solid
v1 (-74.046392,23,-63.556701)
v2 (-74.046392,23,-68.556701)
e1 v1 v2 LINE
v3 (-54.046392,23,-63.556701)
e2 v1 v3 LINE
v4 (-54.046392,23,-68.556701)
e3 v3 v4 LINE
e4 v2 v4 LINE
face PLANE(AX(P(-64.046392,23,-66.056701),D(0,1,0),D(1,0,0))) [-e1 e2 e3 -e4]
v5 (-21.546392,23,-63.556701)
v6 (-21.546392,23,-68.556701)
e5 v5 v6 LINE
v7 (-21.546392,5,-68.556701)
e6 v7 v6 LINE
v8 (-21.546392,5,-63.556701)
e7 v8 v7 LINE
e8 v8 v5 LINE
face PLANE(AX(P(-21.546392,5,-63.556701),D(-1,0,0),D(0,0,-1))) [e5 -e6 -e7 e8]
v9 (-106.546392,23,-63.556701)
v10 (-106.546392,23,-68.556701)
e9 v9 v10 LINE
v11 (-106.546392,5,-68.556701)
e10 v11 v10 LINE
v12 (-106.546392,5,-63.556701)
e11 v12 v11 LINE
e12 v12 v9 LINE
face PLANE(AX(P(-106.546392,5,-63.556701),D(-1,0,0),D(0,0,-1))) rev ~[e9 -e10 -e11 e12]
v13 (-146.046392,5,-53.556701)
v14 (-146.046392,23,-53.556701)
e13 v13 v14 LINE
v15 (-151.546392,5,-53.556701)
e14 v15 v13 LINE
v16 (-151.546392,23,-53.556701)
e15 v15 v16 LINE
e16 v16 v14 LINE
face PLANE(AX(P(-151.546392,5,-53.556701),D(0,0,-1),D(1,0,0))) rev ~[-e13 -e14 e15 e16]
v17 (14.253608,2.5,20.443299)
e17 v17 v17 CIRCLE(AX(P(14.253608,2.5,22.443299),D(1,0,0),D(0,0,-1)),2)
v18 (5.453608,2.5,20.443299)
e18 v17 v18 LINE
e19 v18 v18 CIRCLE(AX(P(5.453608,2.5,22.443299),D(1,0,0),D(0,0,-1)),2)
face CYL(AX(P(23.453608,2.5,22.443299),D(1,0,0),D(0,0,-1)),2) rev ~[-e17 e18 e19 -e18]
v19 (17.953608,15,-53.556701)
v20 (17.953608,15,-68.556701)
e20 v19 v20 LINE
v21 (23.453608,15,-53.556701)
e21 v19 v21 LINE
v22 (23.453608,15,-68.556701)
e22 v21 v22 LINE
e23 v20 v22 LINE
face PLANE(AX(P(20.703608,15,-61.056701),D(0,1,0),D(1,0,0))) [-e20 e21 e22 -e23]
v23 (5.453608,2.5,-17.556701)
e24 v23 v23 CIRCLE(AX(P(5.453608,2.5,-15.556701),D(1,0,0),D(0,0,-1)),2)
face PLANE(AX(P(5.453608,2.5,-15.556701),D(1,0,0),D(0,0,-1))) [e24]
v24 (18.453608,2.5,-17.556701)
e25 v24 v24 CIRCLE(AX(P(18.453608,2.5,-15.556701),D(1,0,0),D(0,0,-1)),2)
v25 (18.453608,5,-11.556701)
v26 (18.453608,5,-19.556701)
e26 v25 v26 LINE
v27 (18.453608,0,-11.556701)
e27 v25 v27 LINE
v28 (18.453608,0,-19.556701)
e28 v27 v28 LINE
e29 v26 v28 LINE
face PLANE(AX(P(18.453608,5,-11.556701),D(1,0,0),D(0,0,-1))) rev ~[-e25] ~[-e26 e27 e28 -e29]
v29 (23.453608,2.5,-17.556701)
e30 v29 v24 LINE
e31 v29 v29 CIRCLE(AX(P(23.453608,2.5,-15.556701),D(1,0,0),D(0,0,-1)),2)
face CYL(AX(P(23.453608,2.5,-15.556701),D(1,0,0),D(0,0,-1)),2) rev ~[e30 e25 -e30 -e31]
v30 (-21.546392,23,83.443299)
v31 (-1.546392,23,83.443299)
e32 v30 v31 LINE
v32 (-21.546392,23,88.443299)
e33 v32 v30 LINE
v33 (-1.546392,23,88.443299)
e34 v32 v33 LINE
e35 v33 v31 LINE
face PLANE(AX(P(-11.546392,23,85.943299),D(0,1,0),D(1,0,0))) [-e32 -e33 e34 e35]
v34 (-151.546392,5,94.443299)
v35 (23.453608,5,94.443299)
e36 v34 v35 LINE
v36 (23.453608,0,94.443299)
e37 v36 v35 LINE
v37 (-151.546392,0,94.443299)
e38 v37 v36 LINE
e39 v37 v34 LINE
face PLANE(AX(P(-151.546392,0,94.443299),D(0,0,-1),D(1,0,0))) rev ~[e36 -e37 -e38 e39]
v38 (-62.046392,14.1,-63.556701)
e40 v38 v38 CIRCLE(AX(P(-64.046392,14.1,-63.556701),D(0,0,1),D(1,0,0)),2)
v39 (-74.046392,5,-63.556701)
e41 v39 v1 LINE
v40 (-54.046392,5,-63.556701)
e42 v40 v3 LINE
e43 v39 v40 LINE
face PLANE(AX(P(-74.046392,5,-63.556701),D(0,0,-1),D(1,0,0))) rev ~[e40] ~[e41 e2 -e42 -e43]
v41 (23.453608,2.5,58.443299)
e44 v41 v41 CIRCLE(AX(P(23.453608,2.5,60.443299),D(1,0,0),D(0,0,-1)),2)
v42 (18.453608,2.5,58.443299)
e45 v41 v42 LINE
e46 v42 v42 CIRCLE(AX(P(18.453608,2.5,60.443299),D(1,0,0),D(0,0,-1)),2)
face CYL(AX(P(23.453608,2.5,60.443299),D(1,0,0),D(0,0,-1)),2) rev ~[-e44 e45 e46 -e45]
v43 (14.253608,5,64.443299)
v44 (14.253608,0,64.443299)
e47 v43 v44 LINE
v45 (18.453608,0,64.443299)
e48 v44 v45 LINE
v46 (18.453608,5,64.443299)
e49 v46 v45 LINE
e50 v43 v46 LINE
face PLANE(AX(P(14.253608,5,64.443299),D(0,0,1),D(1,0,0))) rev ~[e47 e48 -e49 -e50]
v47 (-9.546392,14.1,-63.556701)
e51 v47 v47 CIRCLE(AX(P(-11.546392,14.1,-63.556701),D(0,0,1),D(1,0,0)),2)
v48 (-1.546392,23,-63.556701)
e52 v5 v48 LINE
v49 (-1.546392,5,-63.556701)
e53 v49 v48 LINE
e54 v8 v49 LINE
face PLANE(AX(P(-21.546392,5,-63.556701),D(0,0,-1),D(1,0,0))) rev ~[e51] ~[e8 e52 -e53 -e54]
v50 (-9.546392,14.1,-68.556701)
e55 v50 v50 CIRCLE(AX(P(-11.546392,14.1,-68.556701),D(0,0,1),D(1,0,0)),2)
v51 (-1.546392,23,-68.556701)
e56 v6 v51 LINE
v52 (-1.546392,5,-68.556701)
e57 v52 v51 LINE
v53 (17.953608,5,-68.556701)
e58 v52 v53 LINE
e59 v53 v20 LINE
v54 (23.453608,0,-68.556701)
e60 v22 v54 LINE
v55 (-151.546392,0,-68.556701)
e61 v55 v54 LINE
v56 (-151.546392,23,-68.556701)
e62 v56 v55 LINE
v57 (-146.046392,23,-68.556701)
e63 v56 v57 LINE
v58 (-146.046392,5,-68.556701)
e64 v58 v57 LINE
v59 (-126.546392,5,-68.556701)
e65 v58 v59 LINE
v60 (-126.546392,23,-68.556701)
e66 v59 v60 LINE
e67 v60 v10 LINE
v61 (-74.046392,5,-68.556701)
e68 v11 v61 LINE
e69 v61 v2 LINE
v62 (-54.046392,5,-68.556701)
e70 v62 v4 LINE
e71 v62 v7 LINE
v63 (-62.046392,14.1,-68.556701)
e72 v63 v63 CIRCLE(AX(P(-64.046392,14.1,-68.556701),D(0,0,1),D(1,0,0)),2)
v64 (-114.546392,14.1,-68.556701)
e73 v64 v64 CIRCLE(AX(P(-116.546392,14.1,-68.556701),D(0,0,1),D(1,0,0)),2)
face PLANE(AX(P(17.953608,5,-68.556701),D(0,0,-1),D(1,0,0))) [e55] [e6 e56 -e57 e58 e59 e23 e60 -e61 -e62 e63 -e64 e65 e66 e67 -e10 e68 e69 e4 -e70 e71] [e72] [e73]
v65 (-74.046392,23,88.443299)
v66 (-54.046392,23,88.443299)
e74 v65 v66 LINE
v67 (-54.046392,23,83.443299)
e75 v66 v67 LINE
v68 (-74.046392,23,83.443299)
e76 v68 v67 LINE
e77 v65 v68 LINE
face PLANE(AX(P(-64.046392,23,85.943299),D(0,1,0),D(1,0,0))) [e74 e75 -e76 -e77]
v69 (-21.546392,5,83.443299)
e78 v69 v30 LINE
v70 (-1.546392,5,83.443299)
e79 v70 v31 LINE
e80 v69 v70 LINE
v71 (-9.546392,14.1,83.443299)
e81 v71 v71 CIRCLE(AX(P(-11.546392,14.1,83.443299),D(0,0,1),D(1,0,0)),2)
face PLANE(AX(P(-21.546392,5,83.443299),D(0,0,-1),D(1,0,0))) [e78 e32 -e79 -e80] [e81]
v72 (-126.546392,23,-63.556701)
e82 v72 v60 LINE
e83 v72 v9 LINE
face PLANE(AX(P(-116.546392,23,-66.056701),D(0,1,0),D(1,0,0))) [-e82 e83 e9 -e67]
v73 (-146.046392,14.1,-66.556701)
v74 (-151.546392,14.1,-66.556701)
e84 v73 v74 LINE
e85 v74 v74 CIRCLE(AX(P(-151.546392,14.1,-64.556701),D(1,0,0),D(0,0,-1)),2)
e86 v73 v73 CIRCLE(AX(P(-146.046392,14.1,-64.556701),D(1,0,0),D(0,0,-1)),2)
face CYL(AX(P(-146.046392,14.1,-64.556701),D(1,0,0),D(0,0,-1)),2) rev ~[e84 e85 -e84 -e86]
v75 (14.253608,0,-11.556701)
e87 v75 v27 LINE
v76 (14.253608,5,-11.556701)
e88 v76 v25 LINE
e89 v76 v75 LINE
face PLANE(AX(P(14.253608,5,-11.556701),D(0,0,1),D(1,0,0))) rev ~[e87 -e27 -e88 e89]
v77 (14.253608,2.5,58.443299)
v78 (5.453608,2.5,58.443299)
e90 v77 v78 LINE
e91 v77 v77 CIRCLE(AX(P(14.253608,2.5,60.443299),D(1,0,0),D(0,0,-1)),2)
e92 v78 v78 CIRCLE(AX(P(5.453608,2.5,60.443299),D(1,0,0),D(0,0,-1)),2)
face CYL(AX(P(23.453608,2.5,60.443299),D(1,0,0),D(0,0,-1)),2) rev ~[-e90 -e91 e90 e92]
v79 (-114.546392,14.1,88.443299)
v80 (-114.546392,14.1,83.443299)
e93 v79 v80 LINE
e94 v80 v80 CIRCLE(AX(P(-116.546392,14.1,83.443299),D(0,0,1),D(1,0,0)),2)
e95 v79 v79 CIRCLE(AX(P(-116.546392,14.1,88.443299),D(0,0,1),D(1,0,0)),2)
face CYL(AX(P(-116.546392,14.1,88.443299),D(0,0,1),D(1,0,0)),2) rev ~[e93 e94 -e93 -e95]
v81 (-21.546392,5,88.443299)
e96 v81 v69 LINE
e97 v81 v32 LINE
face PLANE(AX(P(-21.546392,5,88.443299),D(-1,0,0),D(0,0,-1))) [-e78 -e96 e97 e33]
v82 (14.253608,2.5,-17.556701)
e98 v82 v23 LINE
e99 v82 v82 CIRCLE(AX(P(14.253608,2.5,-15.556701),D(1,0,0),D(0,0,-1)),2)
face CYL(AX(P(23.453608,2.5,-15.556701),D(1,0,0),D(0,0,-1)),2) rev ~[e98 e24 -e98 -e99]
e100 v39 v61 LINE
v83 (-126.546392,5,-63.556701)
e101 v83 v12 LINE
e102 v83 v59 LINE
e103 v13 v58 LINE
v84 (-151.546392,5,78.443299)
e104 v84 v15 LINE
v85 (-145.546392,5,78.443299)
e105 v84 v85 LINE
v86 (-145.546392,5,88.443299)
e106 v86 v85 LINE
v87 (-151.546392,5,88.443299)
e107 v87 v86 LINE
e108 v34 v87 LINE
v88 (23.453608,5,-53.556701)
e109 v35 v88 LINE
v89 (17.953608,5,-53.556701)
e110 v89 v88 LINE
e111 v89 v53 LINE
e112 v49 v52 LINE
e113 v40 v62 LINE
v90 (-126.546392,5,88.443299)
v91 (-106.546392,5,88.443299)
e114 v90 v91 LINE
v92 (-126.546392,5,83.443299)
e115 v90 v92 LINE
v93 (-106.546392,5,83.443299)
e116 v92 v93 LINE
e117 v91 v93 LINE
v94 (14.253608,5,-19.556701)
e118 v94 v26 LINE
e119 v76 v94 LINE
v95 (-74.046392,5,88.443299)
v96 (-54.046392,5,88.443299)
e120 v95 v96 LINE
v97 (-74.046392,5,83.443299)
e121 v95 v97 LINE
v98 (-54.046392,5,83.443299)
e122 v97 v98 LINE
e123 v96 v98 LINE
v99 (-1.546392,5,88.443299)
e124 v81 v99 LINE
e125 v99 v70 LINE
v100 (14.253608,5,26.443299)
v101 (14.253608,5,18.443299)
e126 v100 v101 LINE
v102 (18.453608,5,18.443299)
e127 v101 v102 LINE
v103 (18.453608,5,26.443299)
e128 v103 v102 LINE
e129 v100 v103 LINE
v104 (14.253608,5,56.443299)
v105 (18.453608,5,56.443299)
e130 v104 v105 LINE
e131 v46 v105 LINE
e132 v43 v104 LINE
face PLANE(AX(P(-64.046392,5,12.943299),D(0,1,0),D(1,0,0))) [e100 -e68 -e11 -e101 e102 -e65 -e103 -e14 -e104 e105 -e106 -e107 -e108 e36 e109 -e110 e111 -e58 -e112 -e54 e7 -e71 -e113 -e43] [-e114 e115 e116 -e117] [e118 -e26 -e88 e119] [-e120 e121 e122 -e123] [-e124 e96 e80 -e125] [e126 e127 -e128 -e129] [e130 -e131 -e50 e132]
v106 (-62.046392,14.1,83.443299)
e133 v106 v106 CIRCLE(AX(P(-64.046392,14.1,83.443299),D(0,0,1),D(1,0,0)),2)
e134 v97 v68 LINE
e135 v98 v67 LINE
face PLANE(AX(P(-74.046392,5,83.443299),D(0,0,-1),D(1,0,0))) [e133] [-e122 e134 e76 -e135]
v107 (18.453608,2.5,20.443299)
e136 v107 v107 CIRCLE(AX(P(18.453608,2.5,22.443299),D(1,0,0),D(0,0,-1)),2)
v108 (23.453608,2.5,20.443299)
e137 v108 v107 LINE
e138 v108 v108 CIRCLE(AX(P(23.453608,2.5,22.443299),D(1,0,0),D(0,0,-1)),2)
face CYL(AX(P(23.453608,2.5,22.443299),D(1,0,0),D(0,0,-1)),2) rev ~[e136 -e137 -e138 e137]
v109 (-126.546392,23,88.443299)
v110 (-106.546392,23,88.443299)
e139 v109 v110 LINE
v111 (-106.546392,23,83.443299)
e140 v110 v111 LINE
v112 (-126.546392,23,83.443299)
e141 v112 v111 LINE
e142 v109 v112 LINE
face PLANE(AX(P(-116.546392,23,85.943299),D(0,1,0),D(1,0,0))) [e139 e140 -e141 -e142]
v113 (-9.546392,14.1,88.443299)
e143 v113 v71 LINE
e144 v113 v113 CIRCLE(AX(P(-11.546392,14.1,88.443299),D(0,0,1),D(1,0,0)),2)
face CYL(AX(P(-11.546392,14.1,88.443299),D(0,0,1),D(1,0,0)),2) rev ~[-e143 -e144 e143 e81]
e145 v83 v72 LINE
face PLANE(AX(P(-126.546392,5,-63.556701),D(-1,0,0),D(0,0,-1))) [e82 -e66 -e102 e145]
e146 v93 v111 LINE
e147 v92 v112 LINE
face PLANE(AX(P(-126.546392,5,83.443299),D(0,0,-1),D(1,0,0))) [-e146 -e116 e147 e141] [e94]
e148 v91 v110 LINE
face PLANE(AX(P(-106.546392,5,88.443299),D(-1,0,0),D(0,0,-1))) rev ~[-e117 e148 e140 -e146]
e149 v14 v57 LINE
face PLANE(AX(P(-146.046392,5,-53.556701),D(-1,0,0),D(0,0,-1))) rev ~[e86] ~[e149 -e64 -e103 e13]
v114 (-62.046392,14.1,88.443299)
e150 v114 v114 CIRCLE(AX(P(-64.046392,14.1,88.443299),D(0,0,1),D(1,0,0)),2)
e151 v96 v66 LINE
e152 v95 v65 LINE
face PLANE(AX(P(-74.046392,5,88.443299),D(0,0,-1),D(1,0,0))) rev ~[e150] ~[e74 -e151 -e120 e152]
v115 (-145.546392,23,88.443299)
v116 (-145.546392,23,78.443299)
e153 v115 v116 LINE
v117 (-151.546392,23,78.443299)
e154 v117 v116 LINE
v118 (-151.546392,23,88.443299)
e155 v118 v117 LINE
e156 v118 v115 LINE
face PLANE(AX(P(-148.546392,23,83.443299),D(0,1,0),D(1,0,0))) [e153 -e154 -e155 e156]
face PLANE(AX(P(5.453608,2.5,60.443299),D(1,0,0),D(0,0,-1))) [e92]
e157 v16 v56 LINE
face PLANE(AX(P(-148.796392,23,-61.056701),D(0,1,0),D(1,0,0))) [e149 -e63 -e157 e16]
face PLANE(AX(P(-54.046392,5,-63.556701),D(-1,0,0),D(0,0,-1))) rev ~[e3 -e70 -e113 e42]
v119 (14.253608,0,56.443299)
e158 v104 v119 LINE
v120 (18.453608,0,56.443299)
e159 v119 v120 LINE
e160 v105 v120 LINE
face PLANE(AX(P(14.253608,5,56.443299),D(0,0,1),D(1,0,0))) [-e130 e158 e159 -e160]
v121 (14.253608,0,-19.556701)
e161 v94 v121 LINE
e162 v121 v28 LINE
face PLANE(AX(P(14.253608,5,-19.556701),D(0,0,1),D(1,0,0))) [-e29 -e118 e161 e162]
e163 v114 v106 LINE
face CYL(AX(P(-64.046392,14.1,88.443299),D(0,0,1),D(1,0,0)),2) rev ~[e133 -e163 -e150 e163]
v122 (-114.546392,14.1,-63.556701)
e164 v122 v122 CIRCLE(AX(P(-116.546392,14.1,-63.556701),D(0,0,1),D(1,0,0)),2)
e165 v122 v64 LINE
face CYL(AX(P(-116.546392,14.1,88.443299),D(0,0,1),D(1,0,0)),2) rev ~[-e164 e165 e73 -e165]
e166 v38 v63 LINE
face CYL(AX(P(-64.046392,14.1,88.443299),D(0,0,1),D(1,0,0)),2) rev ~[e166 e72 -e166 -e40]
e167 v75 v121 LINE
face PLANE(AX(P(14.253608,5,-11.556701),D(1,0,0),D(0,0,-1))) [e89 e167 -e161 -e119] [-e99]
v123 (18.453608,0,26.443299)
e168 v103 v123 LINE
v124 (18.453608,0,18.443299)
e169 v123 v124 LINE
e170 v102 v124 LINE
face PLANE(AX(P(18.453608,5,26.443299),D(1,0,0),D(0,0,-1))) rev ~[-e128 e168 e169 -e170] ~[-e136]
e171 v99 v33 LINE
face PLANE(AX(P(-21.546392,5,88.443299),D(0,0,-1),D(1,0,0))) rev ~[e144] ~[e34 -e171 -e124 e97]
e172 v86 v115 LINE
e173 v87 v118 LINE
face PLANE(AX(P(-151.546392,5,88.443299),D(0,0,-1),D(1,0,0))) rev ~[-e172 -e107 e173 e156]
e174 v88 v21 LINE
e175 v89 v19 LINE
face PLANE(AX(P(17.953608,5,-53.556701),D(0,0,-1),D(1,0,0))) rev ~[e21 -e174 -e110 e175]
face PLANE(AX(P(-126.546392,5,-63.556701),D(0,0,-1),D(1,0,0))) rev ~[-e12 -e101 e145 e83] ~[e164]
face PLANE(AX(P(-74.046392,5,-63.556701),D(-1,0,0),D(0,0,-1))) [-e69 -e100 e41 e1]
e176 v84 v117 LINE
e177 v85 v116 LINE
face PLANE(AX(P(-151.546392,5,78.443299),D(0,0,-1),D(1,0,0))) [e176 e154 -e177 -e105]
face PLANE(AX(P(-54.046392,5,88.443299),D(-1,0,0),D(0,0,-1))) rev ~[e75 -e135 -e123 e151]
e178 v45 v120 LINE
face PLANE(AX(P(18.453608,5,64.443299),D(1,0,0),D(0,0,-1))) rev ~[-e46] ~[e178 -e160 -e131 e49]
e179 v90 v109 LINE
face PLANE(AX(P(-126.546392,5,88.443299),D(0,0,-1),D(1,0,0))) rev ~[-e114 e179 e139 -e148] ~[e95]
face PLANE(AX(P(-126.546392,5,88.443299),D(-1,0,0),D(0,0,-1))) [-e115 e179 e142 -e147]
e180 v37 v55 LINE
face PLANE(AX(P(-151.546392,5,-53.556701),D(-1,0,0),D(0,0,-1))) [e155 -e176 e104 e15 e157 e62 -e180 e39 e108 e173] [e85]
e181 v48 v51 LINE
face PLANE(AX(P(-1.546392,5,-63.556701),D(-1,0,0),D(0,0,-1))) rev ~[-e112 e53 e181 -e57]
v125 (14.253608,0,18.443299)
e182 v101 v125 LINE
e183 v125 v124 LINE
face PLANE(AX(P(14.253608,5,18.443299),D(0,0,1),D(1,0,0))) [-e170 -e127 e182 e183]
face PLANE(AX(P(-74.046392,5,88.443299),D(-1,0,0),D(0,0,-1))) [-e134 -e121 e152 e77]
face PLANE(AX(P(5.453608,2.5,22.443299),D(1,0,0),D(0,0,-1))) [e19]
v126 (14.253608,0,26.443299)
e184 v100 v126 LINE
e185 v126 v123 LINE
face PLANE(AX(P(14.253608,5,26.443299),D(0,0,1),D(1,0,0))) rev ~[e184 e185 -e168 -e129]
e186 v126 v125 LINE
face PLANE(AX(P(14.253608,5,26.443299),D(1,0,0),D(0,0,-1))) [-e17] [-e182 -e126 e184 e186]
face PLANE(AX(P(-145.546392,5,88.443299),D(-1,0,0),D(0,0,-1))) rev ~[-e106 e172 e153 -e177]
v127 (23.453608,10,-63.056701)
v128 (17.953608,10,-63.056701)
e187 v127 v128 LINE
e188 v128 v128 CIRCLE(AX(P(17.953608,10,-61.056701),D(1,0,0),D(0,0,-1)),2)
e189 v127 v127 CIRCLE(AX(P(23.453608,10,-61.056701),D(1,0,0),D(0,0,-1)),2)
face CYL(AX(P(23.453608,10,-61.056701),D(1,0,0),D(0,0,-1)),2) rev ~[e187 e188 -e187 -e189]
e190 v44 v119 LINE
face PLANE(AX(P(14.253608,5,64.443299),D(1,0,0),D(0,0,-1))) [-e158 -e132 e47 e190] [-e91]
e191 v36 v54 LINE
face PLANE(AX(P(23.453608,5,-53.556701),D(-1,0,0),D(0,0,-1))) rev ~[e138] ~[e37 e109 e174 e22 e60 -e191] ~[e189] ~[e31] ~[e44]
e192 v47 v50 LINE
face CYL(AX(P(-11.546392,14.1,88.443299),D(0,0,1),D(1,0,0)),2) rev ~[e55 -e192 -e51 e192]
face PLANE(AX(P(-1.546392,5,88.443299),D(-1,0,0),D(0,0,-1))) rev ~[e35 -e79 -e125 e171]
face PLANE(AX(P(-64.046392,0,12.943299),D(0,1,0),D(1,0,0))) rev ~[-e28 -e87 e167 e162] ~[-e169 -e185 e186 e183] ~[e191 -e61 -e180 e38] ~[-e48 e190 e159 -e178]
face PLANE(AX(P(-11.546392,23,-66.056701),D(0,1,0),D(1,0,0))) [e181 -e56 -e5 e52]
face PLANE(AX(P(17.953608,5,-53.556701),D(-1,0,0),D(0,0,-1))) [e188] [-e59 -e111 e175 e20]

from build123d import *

# Parameters (mm, degrees)
SKETCH1_W               = 175
SKETCH1_H               = 163
BOSS_EXTRUDE1_DEPTH     = 5
SKETCH2_W               = 20
SKETCH2_H               = 5
BOSS_EXTRUDE2_DEPTH     = 18
SKETCH3_R               = 2
CUT_EXTRUDE1_DEPTH      = 7
CUT_EXTRUDE1_DEPTH_BACK = 158
SKETCH4_W               = 5.5
SKETCH4_H               = 15
SKETCH4_W_2             = 6
SKETCH4_H_2             = 10
BOSS_EXTRUDE3_DEPTH     = 18
SKETCH5_R               = 2
CUT_EXTRUDE2_DEPTH      = 18
SKETCH6_W               = 5.5
SKETCH6_H               = 15
BOSS_EXTRUDE4_DEPTH     = 10
SKETCH7_R               = 2
CUT_EXTRUDE3_DEPTH      = 10
SKETCH8_W               = 4.2
SKETCH8_H               = 8
CUT_EXTRUDE4_DEPTH      = 10
SKETCH9_R               = 2
CUT_EXTRUDE5_DEPTH      = 18


with BuildPart() as part:
    # Sketch1 → Boss-Extrude1 (new body)
    with BuildSketch(Plane(origin=(0, 0, 0), x_dir=(1, 0, 0), z_dir=(0, 1, 0))):
        with Locations((-64.046391753, -12.943298969)):
            Rectangle(SKETCH1_W, SKETCH1_H)
    extrude(amount=BOSS_EXTRUDE1_DEPTH)

    # Sketch2 → Boss-Extrude2 (add)
    with BuildSketch(Plane(origin=(0, 5, 0), x_dir=(1, 0, 0), z_dir=(0, 1, 0))):
        with Locations((-116.546391753, 66.056701031)):
            Rectangle(SKETCH2_W, SKETCH2_H)
        with Locations((-116.546391753, -85.943298969)):
            Rectangle(SKETCH2_W, SKETCH2_H)
        with Locations((-11.546391753, -85.943298969)):
            Rectangle(SKETCH2_W, SKETCH2_H)
        with Locations((-11.546391753, 66.056701031)):
            Rectangle(SKETCH2_W, SKETCH2_H)
        with Locations((-64.046391753, -85.943298969)):
            Rectangle(SKETCH2_W, SKETCH2_H)
        with Locations((-64.046391753, 66.056701031)):
            Rectangle(SKETCH2_W, SKETCH2_H)
    extrude(amount=BOSS_EXTRUDE2_DEPTH)

    # Sketch3 → Cut-Extrude1 (cut, two sides)
    with BuildSketch(Plane.XY.offset(88.443298969)) as cut_extrude1_sk:
        with Locations((-116.546391753, 14.1)):
            Circle(SKETCH3_R)
        with Locations((-64.046391753, 14.1)):
            Circle(SKETCH3_R)
        with Locations((-11.546391753, 14.1)):
            Circle(SKETCH3_R)
    extrude(amount=CUT_EXTRUDE1_DEPTH, mode=Mode.SUBTRACT)
    extrude(cut_extrude1_sk.sketch, amount=-CUT_EXTRUDE1_DEPTH_BACK, mode=Mode.SUBTRACT)

    # Sketch4 → Boss-Extrude3 (add)
    with BuildSketch(Plane(origin=(0, 5, 0), x_dir=(1, 0, 0), z_dir=(0, 1, 0))):
        with Locations((-148.796391753, 61.056701031)):
            Rectangle(SKETCH4_W, SKETCH4_H)
        with Locations((-148.546391753, -83.443298969)):
            Rectangle(SKETCH4_W_2, SKETCH4_H_2)
    extrude(amount=BOSS_EXTRUDE3_DEPTH)

    # Sketch5 → Cut-Extrude2 (cut)
    with BuildSketch(Plane(origin=(-146.046391753, 0, 0), x_dir=(0, 0, -1), z_dir=(1, 0, 0))):
        with Locations((64.556701031, 14.1)):
            Circle(SKETCH5_R)
    extrude(amount=-CUT_EXTRUDE2_DEPTH, mode=Mode.SUBTRACT)

    # Sketch6 → Boss-Extrude4 (add)
    with BuildSketch(Plane(origin=(0, 5, 0), x_dir=(1, 0, 0), z_dir=(0, 1, 0))):
        with Locations((20.703608247, 61.056701031)):
            Rectangle(SKETCH6_W, SKETCH6_H)
    extrude(amount=BOSS_EXTRUDE4_DEPTH)

    # Sketch7 → Cut-Extrude3 (cut)
    with BuildSketch(Plane(origin=(23.453608247, 0, 0), x_dir=(0, 0, -1), z_dir=(1, 0, 0))):
        with Locations((61.056701031, 10)):
            Circle(SKETCH7_R)
    extrude(amount=-CUT_EXTRUDE3_DEPTH, mode=Mode.SUBTRACT)

    # Sketch8 → Cut-Extrude4 (cut)
    with BuildSketch(Plane(origin=(0, 5, 0), x_dir=(1, 0, 0), z_dir=(0, 1, 0))):
        with Locations((16.353608247, -60.443298969)):
            Rectangle(SKETCH8_W, SKETCH8_H)
        with Locations((16.353608247, -22.443298969)):
            Rectangle(SKETCH8_W, SKETCH8_H)
        with Locations((16.353608247, 15.556701031)):
            Rectangle(SKETCH8_W, SKETCH8_H)
    extrude(amount=-CUT_EXTRUDE4_DEPTH, mode=Mode.SUBTRACT)

    # Sketch9 → Cut-Extrude5 (cut)
    with BuildSketch(Plane(origin=(23.453608247, 0, 0), x_dir=(0, 0, -1), z_dir=(1, 0, 0))):
        with Locations((-60.443298969, 2.5)):
            Circle(SKETCH9_R)
        with Locations((15.556701031, 2.5)):
            Circle(SKETCH9_R)
        with Locations((-22.443298969, 2.5)):
            Circle(SKETCH9_R)
    extrude(amount=-CUT_EXTRUDE5_DEPTH, mode=Mode.SUBTRACT)


solid = part.part
